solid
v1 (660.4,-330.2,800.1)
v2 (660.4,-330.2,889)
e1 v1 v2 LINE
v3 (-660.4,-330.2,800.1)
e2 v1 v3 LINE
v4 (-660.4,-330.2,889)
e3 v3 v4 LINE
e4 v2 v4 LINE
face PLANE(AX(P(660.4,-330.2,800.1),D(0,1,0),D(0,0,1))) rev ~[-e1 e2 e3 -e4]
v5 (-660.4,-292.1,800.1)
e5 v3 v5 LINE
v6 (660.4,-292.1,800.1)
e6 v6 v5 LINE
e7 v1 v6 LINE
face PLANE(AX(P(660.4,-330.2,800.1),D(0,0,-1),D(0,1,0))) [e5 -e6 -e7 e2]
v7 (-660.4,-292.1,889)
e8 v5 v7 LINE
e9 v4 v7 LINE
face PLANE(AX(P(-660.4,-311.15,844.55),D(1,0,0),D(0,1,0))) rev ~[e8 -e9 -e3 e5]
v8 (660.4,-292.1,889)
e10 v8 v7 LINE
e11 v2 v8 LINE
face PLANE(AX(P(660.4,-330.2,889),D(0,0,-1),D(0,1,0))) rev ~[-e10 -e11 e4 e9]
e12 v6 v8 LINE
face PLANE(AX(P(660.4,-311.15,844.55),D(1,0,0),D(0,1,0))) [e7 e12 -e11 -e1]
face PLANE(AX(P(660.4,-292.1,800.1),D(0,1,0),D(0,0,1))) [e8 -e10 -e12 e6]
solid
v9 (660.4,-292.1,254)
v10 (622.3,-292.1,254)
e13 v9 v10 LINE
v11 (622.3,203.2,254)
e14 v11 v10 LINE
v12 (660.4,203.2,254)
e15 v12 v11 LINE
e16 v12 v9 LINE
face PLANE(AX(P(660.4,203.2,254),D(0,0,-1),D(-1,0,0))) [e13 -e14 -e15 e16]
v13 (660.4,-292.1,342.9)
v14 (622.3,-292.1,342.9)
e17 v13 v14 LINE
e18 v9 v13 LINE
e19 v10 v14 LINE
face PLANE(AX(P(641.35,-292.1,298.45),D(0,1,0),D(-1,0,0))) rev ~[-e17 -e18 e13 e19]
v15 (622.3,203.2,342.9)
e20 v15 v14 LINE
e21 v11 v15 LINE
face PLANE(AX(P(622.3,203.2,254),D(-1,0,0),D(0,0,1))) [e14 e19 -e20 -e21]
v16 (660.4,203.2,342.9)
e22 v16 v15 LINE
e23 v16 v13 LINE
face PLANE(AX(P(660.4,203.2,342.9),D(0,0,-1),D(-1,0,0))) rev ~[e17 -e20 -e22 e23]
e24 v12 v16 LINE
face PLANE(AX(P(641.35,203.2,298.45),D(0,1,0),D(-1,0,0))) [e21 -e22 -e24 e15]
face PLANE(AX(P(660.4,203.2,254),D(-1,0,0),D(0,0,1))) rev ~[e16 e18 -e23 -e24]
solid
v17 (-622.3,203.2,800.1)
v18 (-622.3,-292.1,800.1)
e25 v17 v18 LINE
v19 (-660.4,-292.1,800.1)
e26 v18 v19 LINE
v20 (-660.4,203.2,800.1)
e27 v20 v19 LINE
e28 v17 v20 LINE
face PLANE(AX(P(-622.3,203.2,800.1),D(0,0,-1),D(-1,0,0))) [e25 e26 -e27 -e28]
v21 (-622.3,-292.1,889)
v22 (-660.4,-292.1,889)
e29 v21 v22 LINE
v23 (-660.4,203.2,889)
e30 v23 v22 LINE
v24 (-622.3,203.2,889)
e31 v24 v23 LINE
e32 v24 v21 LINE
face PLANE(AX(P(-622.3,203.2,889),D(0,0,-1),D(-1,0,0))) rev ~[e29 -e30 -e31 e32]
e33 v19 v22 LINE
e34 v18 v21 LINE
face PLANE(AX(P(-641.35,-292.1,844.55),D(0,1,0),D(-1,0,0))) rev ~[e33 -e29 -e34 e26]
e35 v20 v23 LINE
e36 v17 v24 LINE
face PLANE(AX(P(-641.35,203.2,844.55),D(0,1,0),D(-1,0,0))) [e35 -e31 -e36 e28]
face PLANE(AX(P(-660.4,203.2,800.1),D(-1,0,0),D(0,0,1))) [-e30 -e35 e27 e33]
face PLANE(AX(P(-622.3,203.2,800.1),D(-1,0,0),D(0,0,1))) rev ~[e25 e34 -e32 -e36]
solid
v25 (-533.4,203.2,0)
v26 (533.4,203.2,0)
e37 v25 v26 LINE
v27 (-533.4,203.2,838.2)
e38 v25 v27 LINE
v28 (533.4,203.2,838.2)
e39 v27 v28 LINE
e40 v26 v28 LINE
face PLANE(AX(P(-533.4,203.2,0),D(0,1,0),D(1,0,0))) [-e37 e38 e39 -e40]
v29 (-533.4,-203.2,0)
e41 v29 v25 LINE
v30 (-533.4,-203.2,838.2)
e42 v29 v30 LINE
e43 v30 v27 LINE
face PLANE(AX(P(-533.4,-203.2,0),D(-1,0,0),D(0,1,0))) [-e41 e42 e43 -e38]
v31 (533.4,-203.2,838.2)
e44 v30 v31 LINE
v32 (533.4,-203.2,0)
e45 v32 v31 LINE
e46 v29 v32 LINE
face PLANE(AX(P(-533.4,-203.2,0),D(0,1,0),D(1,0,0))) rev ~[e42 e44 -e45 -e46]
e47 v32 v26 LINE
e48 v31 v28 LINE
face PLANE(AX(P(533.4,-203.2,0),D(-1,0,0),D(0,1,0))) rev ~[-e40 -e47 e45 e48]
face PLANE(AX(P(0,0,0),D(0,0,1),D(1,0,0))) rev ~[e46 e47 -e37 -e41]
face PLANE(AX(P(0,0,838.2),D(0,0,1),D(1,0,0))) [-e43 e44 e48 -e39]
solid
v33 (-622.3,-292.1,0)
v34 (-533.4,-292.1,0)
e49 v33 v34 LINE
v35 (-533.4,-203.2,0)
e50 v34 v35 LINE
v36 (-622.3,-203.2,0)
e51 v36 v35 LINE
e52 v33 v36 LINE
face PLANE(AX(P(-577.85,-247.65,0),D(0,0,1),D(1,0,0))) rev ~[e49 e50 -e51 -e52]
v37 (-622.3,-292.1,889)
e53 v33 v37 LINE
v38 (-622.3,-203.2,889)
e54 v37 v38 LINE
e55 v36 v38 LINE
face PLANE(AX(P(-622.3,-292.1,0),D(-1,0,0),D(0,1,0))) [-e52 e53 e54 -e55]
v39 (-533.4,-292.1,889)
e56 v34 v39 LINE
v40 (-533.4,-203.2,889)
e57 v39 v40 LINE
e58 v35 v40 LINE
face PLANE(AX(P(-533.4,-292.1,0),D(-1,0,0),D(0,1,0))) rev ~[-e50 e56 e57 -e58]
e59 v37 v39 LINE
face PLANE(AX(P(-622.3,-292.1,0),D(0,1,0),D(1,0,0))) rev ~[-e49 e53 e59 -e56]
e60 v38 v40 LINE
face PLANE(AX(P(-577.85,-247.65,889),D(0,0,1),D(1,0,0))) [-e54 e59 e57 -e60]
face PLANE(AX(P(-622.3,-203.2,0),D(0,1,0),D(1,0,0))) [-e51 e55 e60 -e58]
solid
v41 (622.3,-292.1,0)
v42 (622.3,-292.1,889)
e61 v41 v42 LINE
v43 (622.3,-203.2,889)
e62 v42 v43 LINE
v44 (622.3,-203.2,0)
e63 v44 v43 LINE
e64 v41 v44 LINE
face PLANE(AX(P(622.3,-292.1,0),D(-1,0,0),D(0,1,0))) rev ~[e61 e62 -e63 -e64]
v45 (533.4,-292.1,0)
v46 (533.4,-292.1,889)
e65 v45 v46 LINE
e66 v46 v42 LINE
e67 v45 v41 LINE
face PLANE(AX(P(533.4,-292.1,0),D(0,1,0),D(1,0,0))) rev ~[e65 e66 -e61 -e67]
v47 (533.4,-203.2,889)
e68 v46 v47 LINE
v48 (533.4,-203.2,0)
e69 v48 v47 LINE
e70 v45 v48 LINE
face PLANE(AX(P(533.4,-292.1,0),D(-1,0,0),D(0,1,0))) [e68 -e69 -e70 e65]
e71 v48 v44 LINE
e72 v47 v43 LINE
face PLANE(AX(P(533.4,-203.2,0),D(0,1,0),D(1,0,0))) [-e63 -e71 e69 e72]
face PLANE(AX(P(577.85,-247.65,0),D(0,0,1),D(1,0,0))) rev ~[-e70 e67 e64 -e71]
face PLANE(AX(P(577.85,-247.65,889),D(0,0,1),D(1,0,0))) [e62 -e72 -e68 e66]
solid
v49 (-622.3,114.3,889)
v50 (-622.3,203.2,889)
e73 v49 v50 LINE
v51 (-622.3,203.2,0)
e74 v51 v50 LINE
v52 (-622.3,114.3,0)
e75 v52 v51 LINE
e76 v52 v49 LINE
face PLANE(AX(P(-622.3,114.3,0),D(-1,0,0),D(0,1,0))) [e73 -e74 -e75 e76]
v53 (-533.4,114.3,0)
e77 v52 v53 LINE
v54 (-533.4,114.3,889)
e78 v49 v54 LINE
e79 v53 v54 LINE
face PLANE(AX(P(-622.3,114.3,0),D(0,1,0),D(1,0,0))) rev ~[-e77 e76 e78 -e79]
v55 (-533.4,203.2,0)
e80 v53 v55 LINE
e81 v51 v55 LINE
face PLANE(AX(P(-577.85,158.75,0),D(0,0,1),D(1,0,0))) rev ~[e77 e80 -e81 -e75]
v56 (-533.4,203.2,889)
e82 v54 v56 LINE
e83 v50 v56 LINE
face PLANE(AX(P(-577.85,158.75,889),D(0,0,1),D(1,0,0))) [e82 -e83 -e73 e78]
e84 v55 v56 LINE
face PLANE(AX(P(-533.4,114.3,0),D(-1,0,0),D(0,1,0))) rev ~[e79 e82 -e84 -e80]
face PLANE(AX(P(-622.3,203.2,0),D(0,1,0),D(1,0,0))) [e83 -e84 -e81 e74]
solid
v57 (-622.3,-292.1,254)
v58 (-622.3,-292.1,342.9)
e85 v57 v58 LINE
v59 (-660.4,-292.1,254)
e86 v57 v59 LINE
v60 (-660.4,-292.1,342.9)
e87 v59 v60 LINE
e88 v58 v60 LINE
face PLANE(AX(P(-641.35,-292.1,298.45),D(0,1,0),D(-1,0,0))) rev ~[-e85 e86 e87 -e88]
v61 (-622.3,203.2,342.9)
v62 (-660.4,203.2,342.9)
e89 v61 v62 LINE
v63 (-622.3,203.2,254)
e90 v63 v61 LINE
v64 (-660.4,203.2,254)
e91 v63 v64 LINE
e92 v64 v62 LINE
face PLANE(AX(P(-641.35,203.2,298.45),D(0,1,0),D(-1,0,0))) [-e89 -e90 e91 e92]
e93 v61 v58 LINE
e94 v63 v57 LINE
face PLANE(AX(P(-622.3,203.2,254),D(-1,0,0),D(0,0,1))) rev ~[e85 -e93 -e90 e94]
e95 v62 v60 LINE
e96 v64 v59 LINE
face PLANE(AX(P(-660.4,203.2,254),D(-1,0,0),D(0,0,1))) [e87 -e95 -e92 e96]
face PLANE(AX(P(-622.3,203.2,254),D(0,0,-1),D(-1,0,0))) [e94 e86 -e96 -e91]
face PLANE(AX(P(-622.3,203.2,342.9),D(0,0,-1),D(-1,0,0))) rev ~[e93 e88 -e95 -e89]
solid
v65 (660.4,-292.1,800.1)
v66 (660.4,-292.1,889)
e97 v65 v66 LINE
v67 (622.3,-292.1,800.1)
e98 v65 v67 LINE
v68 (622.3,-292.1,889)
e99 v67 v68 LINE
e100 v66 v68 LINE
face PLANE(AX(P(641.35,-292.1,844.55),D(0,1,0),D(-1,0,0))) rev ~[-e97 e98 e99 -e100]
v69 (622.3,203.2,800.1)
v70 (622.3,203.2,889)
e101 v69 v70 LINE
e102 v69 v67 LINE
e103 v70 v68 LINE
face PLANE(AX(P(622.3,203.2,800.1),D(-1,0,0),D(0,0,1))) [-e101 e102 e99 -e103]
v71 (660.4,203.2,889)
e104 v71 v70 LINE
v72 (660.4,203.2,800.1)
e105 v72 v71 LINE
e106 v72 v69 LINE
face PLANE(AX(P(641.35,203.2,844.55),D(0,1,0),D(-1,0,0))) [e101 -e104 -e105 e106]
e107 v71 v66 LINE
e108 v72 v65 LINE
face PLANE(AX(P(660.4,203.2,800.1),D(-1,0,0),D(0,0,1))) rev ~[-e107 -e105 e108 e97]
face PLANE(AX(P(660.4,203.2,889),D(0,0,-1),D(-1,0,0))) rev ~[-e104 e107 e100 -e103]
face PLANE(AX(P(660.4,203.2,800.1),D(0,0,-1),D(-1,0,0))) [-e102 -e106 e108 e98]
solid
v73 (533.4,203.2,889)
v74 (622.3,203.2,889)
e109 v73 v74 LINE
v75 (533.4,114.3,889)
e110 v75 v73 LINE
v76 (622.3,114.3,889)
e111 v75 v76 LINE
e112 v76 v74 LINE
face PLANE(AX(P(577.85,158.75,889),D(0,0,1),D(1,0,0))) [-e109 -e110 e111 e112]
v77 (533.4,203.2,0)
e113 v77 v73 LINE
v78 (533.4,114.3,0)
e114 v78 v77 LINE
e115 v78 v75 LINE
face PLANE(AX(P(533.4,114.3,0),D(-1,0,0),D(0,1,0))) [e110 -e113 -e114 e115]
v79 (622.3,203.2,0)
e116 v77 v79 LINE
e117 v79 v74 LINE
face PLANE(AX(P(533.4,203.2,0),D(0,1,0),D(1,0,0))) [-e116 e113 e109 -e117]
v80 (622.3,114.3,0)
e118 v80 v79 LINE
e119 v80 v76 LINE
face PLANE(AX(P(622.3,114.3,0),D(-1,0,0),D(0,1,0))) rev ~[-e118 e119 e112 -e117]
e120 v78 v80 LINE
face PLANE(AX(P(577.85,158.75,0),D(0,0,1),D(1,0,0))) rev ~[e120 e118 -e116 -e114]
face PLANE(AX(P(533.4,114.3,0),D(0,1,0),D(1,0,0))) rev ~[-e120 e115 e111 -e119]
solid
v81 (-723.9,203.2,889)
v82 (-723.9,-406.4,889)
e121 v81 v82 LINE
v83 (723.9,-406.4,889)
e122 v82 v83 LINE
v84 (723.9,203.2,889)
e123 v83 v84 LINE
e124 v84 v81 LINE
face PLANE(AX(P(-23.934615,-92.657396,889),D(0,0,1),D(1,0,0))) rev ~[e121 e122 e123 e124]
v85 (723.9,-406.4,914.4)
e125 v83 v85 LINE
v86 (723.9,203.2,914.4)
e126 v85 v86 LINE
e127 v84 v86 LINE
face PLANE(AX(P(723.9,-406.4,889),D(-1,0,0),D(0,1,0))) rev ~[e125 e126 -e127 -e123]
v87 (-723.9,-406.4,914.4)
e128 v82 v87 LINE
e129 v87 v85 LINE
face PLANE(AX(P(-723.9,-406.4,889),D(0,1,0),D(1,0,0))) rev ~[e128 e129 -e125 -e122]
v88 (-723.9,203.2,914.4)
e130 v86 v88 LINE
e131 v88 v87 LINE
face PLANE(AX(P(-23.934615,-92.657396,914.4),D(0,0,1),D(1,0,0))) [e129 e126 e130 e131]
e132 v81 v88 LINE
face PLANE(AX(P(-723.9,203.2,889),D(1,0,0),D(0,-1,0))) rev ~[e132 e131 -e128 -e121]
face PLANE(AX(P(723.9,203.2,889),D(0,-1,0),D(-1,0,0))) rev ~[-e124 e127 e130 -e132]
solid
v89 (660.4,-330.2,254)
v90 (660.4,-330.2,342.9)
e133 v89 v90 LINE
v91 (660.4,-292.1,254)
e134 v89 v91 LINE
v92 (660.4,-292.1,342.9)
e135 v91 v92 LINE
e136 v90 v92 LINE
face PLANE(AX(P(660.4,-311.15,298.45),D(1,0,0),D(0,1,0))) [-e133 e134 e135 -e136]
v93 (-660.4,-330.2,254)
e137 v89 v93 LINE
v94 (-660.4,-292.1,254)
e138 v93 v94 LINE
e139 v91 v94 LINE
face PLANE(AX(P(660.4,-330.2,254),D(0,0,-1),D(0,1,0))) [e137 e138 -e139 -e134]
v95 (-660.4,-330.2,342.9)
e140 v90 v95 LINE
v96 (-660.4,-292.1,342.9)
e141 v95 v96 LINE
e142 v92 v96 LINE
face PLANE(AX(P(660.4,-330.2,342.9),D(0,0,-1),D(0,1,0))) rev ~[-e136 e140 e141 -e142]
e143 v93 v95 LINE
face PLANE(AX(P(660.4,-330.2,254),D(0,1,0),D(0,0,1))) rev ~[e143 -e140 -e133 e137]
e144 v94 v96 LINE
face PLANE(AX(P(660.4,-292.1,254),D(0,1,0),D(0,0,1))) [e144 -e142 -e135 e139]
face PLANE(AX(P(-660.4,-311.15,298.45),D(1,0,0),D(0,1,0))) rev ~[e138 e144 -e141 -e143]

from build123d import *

# Parameters (mm, degrees)
F0_W     = 1066.8
F0_H     = 406.4
F1_DEPTH = 838.2
F2_W     = 88.9
F2_H     = 88.9
F3_DEPTH = 889
F4_W     = 38.1
F4_H     = 88.9
F5_DEPTH = 495.3
F6_W     = 38.1
F6_H     = 88.9
F7_DEPTH = 1320.8
F8_W     = 88.9
F8_H     = 88.9
F9_DEPTH = 25.4


with BuildPart() as f1:
    # F0 (on Top) → F1 (new body)
    with BuildSketch(Plane.XY):
        Rectangle(F0_W, F0_H)
    extrude(amount=F1_DEPTH)


with BuildPart() as f3:
    # F2 (on Top) → F3 (new body)
    with BuildSketch(Plane.XY):
        with Locations((-577.85, 158.75)):
            Rectangle(F2_W, F2_H)
    extrude(amount=F3_DEPTH)


with BuildPart() as f3b:
    # F2 (on Top) → F3, piece 2 (new body)
    with BuildSketch(Plane.XY):
        with Locations((-577.85, -247.65)):
            Rectangle(F2_W, F2_H)
    extrude(amount=F3_DEPTH)


with BuildPart() as f3c:
    # F2 (on Top) → F3, piece 3 (new body)
    with BuildSketch(Plane.XY):
        with Locations((577.85, -247.65)):
            Rectangle(F2_W, F2_H)
    extrude(amount=F3_DEPTH)


with BuildPart() as f3d:
    # F2 (on Top) → F3, piece 4 (new body)
    with BuildSketch(Plane.XY):
        with Locations((577.85, 158.75)):
            Rectangle(F2_W, F2_H)
    extrude(amount=F3_DEPTH)


with BuildPart() as f5:
    # F4 (on face) → F5 (new body, through all)
    with BuildSketch(Plane(origin=(0, 203.2, 0), x_dir=(-1, 0, 0), z_dir=(0, 1, 0))):
        with Locations((-641.35, 844.55)):
            Rectangle(F4_W, F4_H)
    extrude(amount=-F5_DEPTH)


with BuildPart() as f5b:
    # F4 (on face) → F5, piece 2 (new body, through all)
    with BuildSketch(Plane(origin=(0, 203.2, 0), x_dir=(-1, 0, 0), z_dir=(0, 1, 0))):
        with Locations((-641.35, 298.45)):
            Rectangle(F4_W, F4_H)
    extrude(amount=-F5_DEPTH)


with BuildPart() as f5c:
    # F4 (on face) → F5, piece 3 (new body, through all)
    with BuildSketch(Plane(origin=(0, 203.2, 0), x_dir=(-1, 0, 0), z_dir=(0, 1, 0))):
        with Locations((641.35, 298.45)):
            Rectangle(F4_W, F4_H)
    extrude(amount=-F5_DEPTH)


with BuildPart() as f5d:
    # F4 (on face) → F5, piece 4 (new body, through all)
    with BuildSketch(Plane(origin=(0, 203.2, 0), x_dir=(-1, 0, 0), z_dir=(0, 1, 0))):
        with Locations((641.35, 844.55)):
            Rectangle(F4_W, F4_H)
    extrude(amount=-F5_DEPTH)


with BuildPart() as f7:
    # F6 (on face) → F7 (new body, through all)
    with BuildSketch(Plane.YZ.offset(660.4)):
        with Locations((-311.15, 844.55)):
            Rectangle(F6_W, F6_H)
    extrude(amount=-F7_DEPTH)


with BuildPart() as f7b:
    # F6 (on face) → F7, piece 2 (new body, through all)
    with BuildSketch(Plane.YZ.offset(660.4)):
        with Locations((-311.15, 298.45)):
            Rectangle(F6_W, F6_H)
    extrude(amount=-F7_DEPTH)


with BuildPart() as f9:
    # F8 (on face) → F9 (new body)
    with BuildSketch(Plane.XY.offset(889)):
        Polygon((-622.3, 203.2), (-723.9, 203.2), (-723.9, -406.4), (723.9, -406.4), (723.9, 203.2), (-533.4, 203.2), (-533.4, 114.3), (-622.3, 114.3), align=None)
        with Locations((-577.85, 158.75)):
            Rectangle(F8_W, F8_H)
    extrude(amount=F9_DEPTH)


solid = Compound([f1.part, f3.part, f3b.part, f3c.part, f3d.part, f5.part, f5b.part, f5c.part, f5d.part, f7.part, f7b.part, f9.part])
